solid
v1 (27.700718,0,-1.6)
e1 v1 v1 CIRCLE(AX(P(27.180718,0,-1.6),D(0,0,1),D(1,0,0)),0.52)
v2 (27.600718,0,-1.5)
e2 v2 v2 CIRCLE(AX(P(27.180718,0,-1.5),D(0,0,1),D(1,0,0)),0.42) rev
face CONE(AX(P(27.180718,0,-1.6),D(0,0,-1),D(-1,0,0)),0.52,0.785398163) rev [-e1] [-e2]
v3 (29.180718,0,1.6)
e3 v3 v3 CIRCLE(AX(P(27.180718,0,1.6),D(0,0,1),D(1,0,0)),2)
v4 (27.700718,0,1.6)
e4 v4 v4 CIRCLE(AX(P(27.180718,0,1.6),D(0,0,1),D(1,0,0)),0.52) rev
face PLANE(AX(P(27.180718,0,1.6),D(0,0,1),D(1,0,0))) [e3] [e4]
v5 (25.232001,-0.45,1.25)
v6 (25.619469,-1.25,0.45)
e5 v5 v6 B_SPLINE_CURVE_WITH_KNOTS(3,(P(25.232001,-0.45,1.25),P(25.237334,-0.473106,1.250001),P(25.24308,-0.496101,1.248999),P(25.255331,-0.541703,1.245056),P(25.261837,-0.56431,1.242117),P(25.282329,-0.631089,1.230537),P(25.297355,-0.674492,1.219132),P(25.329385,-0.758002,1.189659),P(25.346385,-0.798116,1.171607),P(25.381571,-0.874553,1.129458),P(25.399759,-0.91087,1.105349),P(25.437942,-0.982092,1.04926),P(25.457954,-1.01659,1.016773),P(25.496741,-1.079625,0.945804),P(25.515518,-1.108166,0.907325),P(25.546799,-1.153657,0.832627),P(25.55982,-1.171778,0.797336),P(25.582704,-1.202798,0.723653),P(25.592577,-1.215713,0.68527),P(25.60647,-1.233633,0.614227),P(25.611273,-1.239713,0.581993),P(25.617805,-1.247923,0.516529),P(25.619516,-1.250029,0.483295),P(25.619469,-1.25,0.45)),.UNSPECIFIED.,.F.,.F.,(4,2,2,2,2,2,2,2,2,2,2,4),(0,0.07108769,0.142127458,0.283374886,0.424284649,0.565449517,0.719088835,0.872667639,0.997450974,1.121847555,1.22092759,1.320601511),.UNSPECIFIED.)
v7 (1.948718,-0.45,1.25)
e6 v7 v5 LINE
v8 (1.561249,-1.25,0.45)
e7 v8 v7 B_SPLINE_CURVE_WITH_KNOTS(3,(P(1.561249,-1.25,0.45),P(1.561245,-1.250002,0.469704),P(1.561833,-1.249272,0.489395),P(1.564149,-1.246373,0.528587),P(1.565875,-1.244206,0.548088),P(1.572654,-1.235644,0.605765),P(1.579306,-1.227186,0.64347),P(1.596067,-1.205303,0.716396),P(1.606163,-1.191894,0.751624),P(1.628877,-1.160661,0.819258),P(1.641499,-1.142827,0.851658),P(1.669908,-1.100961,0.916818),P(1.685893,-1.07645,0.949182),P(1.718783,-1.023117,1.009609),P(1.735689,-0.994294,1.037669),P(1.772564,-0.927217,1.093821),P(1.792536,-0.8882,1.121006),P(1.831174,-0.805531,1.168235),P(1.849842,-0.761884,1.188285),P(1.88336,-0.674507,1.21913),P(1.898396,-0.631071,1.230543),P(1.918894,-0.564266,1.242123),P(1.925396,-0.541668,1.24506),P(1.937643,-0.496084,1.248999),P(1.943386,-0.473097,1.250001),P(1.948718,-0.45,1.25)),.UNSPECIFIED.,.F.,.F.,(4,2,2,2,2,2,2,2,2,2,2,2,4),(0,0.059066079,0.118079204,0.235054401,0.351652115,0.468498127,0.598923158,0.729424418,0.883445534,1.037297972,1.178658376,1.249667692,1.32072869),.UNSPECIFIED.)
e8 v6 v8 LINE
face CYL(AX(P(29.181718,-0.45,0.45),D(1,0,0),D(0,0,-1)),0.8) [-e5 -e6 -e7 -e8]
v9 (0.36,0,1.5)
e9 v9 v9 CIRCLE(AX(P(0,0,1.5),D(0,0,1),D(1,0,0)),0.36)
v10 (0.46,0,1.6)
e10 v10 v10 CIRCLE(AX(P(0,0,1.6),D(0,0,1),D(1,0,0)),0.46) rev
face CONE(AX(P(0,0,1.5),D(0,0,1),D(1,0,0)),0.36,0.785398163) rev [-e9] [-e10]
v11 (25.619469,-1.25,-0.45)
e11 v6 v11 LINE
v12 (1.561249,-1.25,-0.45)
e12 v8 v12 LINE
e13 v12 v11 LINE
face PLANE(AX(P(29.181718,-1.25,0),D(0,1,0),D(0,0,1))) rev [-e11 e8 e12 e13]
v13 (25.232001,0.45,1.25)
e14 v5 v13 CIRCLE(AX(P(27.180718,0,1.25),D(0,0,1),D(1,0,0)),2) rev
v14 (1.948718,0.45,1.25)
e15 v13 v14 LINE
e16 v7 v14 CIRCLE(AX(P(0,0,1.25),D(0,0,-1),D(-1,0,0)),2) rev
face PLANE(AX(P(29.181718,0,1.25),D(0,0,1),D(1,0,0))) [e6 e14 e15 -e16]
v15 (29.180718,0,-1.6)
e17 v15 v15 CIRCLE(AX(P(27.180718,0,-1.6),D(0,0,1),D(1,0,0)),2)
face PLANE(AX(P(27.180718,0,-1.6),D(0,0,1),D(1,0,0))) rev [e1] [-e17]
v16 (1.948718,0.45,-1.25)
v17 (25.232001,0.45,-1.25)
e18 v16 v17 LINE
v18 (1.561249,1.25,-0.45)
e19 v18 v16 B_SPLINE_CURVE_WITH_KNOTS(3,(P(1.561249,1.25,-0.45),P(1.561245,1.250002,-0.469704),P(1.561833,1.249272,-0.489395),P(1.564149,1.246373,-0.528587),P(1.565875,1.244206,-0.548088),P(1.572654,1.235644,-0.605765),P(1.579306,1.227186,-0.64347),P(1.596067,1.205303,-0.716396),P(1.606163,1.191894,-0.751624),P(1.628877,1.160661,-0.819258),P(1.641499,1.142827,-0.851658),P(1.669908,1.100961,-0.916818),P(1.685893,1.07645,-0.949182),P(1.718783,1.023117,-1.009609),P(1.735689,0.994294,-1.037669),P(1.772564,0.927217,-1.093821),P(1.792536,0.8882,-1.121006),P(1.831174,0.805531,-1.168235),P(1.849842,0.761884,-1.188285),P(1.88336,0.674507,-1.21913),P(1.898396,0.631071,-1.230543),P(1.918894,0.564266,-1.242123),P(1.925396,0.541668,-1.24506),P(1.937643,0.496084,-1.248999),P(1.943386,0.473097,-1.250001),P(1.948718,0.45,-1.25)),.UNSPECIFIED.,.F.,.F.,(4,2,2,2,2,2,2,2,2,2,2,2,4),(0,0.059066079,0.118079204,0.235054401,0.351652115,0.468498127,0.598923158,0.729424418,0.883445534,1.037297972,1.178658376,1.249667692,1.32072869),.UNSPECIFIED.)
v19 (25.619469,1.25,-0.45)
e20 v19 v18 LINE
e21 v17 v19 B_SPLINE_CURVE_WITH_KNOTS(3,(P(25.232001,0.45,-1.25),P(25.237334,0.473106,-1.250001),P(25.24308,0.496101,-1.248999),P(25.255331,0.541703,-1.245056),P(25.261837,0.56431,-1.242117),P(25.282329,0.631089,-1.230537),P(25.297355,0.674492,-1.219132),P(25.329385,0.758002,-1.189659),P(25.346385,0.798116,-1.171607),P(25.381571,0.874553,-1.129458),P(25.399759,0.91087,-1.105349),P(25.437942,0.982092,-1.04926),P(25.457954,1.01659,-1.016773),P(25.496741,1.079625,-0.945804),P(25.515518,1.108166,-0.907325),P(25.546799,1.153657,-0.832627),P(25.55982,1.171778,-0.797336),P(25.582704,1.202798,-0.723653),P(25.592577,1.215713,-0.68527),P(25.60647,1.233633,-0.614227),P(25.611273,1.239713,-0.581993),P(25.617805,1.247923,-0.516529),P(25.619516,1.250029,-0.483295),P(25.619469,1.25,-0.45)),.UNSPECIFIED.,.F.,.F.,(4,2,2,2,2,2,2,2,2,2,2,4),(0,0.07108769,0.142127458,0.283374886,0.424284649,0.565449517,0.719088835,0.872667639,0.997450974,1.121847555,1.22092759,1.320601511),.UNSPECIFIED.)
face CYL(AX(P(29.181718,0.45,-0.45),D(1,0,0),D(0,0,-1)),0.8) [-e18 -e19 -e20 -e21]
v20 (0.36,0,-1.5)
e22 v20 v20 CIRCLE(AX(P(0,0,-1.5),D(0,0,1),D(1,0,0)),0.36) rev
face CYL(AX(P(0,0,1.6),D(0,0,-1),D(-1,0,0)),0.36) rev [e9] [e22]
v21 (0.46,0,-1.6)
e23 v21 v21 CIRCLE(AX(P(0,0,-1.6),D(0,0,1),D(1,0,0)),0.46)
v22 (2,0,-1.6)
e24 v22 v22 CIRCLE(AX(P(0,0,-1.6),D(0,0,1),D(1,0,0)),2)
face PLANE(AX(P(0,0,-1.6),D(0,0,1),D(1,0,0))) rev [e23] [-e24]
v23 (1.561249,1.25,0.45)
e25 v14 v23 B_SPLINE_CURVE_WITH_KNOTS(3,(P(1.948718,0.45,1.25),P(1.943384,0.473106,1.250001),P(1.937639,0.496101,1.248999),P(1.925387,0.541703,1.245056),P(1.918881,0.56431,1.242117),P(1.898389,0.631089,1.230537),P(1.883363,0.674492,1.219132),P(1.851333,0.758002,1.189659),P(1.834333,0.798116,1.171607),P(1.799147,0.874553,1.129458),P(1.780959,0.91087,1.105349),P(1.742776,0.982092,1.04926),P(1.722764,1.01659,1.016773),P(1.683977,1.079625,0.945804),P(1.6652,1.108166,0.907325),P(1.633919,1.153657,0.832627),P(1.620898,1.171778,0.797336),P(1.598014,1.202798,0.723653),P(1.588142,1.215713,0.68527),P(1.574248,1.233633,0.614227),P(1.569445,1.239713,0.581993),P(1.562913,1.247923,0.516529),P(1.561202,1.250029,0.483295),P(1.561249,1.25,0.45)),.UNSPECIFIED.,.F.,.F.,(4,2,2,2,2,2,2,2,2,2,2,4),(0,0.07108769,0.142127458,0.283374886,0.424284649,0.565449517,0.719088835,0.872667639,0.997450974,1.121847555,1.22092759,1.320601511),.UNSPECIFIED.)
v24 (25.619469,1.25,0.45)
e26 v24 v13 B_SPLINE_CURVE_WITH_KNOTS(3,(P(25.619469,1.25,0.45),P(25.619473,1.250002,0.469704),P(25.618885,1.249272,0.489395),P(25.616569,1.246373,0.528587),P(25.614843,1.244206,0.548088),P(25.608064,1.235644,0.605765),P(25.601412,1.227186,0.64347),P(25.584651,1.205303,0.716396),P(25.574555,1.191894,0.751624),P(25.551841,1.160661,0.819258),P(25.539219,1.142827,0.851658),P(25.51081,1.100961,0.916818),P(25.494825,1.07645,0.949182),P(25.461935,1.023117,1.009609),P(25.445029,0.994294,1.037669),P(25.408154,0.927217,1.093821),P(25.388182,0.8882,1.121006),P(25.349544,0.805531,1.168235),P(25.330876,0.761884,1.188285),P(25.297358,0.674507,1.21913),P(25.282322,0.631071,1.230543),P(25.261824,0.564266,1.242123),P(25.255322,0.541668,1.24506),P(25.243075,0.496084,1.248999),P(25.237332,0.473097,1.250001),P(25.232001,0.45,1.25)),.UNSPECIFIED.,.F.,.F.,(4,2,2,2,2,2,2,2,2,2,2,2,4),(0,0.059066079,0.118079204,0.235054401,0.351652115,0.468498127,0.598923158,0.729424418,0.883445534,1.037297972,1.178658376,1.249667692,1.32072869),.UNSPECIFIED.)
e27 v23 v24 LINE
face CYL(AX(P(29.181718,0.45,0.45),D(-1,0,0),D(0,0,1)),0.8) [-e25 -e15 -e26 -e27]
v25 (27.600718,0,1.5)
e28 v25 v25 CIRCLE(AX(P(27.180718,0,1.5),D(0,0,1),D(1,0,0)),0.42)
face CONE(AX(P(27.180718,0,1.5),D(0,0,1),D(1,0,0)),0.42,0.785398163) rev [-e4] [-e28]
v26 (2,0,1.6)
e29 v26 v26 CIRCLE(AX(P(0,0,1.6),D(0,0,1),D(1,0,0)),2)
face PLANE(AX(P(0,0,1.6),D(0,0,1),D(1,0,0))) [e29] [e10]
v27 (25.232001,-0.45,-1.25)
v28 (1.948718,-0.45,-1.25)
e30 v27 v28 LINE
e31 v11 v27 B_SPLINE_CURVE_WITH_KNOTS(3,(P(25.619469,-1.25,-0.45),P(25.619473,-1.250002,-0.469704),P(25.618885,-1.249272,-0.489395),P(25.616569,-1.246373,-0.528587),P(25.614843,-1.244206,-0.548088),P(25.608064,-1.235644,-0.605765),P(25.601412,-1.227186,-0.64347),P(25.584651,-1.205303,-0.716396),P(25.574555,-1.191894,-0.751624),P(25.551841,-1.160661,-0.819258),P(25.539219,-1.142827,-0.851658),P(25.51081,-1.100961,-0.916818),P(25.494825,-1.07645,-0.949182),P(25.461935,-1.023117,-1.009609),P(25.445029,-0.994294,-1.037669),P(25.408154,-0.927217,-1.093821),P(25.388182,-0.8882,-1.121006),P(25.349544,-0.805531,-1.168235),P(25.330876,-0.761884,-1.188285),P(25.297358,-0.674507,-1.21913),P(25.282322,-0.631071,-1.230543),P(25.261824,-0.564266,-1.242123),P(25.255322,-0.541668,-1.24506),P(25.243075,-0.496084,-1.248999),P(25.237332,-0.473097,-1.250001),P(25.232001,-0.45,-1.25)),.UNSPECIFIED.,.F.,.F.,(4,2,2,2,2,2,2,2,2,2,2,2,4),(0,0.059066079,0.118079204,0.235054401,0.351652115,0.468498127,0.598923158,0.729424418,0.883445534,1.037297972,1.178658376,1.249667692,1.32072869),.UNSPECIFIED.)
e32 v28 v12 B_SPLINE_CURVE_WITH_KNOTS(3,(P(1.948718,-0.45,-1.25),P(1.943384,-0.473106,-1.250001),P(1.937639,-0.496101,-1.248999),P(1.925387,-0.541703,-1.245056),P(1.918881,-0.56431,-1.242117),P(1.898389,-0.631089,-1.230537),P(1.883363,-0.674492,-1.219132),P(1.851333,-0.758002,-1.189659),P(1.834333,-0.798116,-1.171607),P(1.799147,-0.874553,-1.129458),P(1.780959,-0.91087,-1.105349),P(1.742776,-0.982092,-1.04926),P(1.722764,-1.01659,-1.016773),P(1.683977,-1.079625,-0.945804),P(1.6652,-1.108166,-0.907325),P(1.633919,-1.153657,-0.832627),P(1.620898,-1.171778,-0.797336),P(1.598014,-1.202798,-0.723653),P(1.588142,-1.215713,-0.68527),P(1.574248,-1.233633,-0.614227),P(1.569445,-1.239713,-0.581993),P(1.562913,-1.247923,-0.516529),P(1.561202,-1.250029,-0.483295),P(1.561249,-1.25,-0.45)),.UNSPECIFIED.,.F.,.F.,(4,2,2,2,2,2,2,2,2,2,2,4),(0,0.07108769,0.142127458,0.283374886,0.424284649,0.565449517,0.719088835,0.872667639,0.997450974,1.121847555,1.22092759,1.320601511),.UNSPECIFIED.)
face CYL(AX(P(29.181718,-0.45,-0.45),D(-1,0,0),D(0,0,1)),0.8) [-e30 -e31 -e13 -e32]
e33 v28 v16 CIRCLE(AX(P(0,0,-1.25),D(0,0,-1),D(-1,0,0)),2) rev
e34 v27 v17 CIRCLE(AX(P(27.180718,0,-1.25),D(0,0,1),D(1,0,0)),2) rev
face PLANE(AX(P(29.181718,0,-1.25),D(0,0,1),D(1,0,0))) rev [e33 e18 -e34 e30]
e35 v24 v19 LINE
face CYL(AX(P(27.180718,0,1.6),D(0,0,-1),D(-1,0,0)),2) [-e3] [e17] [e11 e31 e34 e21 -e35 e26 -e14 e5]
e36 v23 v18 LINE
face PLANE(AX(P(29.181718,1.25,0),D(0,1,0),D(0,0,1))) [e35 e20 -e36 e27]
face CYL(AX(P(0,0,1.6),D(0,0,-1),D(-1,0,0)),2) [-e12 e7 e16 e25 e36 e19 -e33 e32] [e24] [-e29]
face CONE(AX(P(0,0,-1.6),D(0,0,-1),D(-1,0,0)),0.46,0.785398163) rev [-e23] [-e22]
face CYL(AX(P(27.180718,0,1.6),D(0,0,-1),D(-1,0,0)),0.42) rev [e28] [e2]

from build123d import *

# Parameters (mm, degrees)
SKETCH_1_R                       = 2
SKETCH_1_R_2                     = 0.36
EXTRUDE_1_DEPTH                  = 1.6
SKETCH_1_R_3                     = 0.42
EXTRUDE_1_2_DEPTH                = 1.6
EXTRUDE_2_REACH                  = 28.306
EXTRUDE_2_END_RADIUS             = 2
SKETCH_2_W                       = 2.5
SKETCH_2_H                       = 2.5
EXTRUDE_2_DIRECTION_2_REACH      = 28.306
EXTRUDE_2_DIRECTION_2_END_RADIUS = 2
CHAMFER_1_SIZE                   = 0.1
FILLET_1_R                       = 0.8


with BuildPart() as part:
    # 草图1 → 凸台-拉伸1 (new, symmetric)
    with BuildSketch(Plane.XY):
        Circle(SKETCH_1_R)
        Circle(SKETCH_1_R_2, mode=Mode.SUBTRACT)
    extrude(amount=EXTRUDE_1_DEPTH, both=True)



with BuildPart() as body_2:
    # 草图1 → Extrude 1 2 (new, symmetric)
    with BuildSketch(Plane.XY):
        with Locations((27.180718048, 0)):
            Circle(SKETCH_1_R)
        with Locations((27.180718048, 0)):
            Circle(SKETCH_1_R_3, mode=Mode.SUBTRACT)
    extrude(amount=EXTRUDE_1_2_DEPTH, both=True)


with BuildPart() as part_1:
    add(part.part)

    add(body_2.part)  # 凸台-拉伸2 merges body 2
    # 凸台-拉伸2: up to this cylinder (the profile starts outside it)
    extrude_2_end = Plane(origin=(27.180718048, 0, 0), z_dir=(0, 0, -1)) * Cylinder(EXTRUDE_2_END_RADIUS, 61.612, mode=Mode.PRIVATE)
    # 草图2 → 凸台-拉伸2 (add, up to the surface)
    with BuildSketch(Plane(origin=(3, 0, 0), x_dir=(0, 0, -1), z_dir=(1, 0, 0)), mode=Mode.PRIVATE) as extrude_2_sk1:
        Rectangle(SKETCH_2_W, SKETCH_2_H)
    extrude_2_tool1 = extrude(extrude_2_sk1.sketch, amount=EXTRUDE_2_REACH, mode=Mode.PRIVATE) - extrude_2_end
    add(extrude_2_tool1.solids().sort_by_distance((3, 0, 0))[0])

    # 凸台-拉伸2 direction 2: up to this cylinder (the profile starts outside it)
    extrude_2_direction_2_end = Plane(origin=(0, 0, 0), z_dir=(0, 0, -1)) * Cylinder(EXTRUDE_2_DIRECTION_2_END_RADIUS, 61.612, mode=Mode.PRIVATE)
    # 草图2 → 凸台-拉伸2 direction 2 (add, up to the surface)
    with BuildSketch(Plane(origin=(3, 0, 0), x_dir=(0, 0, -1), z_dir=(1, 0, 0)), mode=Mode.PRIVATE) as extrude_2_direction_2_sk1:
        Rectangle(SKETCH_2_W, SKETCH_2_H)
    extrude_2_direction_2_tool1 = extrude(extrude_2_direction_2_sk1.sketch, amount=-EXTRUDE_2_DIRECTION_2_REACH, mode=Mode.PRIVATE) - extrude_2_direction_2_end
    add(extrude_2_direction_2_tool1.solids().sort_by_distance((3, 0, 0))[0])

    # 倒角1
    chamfer_1_edges = [part_1.edges().sort_by_distance(p)[0] for p in [
        (26.760718048, 0, -1.6),
        (26.760718048, 0, 1.6),
        (-0.36, 0, -1.6),
        (-0.36, 0, 1.6),
    ]]
    chamfer(chamfer_1_edges, length=CHAMFER_1_SIZE)

    # 圆角1
    fillet_1_edges = [part_1.edges().sort_by_distance(p)[0] for p in [
        (13.590359024, -1.25, 1.25),
        (13.590359024, -1.25, -1.25),
        (13.590359024, 1.25, -1.25),
        (13.590359024, 1.25, 1.25),
    ]]
    fillet(fillet_1_edges, radius=FILLET_1_R)


solid = part_1.part
